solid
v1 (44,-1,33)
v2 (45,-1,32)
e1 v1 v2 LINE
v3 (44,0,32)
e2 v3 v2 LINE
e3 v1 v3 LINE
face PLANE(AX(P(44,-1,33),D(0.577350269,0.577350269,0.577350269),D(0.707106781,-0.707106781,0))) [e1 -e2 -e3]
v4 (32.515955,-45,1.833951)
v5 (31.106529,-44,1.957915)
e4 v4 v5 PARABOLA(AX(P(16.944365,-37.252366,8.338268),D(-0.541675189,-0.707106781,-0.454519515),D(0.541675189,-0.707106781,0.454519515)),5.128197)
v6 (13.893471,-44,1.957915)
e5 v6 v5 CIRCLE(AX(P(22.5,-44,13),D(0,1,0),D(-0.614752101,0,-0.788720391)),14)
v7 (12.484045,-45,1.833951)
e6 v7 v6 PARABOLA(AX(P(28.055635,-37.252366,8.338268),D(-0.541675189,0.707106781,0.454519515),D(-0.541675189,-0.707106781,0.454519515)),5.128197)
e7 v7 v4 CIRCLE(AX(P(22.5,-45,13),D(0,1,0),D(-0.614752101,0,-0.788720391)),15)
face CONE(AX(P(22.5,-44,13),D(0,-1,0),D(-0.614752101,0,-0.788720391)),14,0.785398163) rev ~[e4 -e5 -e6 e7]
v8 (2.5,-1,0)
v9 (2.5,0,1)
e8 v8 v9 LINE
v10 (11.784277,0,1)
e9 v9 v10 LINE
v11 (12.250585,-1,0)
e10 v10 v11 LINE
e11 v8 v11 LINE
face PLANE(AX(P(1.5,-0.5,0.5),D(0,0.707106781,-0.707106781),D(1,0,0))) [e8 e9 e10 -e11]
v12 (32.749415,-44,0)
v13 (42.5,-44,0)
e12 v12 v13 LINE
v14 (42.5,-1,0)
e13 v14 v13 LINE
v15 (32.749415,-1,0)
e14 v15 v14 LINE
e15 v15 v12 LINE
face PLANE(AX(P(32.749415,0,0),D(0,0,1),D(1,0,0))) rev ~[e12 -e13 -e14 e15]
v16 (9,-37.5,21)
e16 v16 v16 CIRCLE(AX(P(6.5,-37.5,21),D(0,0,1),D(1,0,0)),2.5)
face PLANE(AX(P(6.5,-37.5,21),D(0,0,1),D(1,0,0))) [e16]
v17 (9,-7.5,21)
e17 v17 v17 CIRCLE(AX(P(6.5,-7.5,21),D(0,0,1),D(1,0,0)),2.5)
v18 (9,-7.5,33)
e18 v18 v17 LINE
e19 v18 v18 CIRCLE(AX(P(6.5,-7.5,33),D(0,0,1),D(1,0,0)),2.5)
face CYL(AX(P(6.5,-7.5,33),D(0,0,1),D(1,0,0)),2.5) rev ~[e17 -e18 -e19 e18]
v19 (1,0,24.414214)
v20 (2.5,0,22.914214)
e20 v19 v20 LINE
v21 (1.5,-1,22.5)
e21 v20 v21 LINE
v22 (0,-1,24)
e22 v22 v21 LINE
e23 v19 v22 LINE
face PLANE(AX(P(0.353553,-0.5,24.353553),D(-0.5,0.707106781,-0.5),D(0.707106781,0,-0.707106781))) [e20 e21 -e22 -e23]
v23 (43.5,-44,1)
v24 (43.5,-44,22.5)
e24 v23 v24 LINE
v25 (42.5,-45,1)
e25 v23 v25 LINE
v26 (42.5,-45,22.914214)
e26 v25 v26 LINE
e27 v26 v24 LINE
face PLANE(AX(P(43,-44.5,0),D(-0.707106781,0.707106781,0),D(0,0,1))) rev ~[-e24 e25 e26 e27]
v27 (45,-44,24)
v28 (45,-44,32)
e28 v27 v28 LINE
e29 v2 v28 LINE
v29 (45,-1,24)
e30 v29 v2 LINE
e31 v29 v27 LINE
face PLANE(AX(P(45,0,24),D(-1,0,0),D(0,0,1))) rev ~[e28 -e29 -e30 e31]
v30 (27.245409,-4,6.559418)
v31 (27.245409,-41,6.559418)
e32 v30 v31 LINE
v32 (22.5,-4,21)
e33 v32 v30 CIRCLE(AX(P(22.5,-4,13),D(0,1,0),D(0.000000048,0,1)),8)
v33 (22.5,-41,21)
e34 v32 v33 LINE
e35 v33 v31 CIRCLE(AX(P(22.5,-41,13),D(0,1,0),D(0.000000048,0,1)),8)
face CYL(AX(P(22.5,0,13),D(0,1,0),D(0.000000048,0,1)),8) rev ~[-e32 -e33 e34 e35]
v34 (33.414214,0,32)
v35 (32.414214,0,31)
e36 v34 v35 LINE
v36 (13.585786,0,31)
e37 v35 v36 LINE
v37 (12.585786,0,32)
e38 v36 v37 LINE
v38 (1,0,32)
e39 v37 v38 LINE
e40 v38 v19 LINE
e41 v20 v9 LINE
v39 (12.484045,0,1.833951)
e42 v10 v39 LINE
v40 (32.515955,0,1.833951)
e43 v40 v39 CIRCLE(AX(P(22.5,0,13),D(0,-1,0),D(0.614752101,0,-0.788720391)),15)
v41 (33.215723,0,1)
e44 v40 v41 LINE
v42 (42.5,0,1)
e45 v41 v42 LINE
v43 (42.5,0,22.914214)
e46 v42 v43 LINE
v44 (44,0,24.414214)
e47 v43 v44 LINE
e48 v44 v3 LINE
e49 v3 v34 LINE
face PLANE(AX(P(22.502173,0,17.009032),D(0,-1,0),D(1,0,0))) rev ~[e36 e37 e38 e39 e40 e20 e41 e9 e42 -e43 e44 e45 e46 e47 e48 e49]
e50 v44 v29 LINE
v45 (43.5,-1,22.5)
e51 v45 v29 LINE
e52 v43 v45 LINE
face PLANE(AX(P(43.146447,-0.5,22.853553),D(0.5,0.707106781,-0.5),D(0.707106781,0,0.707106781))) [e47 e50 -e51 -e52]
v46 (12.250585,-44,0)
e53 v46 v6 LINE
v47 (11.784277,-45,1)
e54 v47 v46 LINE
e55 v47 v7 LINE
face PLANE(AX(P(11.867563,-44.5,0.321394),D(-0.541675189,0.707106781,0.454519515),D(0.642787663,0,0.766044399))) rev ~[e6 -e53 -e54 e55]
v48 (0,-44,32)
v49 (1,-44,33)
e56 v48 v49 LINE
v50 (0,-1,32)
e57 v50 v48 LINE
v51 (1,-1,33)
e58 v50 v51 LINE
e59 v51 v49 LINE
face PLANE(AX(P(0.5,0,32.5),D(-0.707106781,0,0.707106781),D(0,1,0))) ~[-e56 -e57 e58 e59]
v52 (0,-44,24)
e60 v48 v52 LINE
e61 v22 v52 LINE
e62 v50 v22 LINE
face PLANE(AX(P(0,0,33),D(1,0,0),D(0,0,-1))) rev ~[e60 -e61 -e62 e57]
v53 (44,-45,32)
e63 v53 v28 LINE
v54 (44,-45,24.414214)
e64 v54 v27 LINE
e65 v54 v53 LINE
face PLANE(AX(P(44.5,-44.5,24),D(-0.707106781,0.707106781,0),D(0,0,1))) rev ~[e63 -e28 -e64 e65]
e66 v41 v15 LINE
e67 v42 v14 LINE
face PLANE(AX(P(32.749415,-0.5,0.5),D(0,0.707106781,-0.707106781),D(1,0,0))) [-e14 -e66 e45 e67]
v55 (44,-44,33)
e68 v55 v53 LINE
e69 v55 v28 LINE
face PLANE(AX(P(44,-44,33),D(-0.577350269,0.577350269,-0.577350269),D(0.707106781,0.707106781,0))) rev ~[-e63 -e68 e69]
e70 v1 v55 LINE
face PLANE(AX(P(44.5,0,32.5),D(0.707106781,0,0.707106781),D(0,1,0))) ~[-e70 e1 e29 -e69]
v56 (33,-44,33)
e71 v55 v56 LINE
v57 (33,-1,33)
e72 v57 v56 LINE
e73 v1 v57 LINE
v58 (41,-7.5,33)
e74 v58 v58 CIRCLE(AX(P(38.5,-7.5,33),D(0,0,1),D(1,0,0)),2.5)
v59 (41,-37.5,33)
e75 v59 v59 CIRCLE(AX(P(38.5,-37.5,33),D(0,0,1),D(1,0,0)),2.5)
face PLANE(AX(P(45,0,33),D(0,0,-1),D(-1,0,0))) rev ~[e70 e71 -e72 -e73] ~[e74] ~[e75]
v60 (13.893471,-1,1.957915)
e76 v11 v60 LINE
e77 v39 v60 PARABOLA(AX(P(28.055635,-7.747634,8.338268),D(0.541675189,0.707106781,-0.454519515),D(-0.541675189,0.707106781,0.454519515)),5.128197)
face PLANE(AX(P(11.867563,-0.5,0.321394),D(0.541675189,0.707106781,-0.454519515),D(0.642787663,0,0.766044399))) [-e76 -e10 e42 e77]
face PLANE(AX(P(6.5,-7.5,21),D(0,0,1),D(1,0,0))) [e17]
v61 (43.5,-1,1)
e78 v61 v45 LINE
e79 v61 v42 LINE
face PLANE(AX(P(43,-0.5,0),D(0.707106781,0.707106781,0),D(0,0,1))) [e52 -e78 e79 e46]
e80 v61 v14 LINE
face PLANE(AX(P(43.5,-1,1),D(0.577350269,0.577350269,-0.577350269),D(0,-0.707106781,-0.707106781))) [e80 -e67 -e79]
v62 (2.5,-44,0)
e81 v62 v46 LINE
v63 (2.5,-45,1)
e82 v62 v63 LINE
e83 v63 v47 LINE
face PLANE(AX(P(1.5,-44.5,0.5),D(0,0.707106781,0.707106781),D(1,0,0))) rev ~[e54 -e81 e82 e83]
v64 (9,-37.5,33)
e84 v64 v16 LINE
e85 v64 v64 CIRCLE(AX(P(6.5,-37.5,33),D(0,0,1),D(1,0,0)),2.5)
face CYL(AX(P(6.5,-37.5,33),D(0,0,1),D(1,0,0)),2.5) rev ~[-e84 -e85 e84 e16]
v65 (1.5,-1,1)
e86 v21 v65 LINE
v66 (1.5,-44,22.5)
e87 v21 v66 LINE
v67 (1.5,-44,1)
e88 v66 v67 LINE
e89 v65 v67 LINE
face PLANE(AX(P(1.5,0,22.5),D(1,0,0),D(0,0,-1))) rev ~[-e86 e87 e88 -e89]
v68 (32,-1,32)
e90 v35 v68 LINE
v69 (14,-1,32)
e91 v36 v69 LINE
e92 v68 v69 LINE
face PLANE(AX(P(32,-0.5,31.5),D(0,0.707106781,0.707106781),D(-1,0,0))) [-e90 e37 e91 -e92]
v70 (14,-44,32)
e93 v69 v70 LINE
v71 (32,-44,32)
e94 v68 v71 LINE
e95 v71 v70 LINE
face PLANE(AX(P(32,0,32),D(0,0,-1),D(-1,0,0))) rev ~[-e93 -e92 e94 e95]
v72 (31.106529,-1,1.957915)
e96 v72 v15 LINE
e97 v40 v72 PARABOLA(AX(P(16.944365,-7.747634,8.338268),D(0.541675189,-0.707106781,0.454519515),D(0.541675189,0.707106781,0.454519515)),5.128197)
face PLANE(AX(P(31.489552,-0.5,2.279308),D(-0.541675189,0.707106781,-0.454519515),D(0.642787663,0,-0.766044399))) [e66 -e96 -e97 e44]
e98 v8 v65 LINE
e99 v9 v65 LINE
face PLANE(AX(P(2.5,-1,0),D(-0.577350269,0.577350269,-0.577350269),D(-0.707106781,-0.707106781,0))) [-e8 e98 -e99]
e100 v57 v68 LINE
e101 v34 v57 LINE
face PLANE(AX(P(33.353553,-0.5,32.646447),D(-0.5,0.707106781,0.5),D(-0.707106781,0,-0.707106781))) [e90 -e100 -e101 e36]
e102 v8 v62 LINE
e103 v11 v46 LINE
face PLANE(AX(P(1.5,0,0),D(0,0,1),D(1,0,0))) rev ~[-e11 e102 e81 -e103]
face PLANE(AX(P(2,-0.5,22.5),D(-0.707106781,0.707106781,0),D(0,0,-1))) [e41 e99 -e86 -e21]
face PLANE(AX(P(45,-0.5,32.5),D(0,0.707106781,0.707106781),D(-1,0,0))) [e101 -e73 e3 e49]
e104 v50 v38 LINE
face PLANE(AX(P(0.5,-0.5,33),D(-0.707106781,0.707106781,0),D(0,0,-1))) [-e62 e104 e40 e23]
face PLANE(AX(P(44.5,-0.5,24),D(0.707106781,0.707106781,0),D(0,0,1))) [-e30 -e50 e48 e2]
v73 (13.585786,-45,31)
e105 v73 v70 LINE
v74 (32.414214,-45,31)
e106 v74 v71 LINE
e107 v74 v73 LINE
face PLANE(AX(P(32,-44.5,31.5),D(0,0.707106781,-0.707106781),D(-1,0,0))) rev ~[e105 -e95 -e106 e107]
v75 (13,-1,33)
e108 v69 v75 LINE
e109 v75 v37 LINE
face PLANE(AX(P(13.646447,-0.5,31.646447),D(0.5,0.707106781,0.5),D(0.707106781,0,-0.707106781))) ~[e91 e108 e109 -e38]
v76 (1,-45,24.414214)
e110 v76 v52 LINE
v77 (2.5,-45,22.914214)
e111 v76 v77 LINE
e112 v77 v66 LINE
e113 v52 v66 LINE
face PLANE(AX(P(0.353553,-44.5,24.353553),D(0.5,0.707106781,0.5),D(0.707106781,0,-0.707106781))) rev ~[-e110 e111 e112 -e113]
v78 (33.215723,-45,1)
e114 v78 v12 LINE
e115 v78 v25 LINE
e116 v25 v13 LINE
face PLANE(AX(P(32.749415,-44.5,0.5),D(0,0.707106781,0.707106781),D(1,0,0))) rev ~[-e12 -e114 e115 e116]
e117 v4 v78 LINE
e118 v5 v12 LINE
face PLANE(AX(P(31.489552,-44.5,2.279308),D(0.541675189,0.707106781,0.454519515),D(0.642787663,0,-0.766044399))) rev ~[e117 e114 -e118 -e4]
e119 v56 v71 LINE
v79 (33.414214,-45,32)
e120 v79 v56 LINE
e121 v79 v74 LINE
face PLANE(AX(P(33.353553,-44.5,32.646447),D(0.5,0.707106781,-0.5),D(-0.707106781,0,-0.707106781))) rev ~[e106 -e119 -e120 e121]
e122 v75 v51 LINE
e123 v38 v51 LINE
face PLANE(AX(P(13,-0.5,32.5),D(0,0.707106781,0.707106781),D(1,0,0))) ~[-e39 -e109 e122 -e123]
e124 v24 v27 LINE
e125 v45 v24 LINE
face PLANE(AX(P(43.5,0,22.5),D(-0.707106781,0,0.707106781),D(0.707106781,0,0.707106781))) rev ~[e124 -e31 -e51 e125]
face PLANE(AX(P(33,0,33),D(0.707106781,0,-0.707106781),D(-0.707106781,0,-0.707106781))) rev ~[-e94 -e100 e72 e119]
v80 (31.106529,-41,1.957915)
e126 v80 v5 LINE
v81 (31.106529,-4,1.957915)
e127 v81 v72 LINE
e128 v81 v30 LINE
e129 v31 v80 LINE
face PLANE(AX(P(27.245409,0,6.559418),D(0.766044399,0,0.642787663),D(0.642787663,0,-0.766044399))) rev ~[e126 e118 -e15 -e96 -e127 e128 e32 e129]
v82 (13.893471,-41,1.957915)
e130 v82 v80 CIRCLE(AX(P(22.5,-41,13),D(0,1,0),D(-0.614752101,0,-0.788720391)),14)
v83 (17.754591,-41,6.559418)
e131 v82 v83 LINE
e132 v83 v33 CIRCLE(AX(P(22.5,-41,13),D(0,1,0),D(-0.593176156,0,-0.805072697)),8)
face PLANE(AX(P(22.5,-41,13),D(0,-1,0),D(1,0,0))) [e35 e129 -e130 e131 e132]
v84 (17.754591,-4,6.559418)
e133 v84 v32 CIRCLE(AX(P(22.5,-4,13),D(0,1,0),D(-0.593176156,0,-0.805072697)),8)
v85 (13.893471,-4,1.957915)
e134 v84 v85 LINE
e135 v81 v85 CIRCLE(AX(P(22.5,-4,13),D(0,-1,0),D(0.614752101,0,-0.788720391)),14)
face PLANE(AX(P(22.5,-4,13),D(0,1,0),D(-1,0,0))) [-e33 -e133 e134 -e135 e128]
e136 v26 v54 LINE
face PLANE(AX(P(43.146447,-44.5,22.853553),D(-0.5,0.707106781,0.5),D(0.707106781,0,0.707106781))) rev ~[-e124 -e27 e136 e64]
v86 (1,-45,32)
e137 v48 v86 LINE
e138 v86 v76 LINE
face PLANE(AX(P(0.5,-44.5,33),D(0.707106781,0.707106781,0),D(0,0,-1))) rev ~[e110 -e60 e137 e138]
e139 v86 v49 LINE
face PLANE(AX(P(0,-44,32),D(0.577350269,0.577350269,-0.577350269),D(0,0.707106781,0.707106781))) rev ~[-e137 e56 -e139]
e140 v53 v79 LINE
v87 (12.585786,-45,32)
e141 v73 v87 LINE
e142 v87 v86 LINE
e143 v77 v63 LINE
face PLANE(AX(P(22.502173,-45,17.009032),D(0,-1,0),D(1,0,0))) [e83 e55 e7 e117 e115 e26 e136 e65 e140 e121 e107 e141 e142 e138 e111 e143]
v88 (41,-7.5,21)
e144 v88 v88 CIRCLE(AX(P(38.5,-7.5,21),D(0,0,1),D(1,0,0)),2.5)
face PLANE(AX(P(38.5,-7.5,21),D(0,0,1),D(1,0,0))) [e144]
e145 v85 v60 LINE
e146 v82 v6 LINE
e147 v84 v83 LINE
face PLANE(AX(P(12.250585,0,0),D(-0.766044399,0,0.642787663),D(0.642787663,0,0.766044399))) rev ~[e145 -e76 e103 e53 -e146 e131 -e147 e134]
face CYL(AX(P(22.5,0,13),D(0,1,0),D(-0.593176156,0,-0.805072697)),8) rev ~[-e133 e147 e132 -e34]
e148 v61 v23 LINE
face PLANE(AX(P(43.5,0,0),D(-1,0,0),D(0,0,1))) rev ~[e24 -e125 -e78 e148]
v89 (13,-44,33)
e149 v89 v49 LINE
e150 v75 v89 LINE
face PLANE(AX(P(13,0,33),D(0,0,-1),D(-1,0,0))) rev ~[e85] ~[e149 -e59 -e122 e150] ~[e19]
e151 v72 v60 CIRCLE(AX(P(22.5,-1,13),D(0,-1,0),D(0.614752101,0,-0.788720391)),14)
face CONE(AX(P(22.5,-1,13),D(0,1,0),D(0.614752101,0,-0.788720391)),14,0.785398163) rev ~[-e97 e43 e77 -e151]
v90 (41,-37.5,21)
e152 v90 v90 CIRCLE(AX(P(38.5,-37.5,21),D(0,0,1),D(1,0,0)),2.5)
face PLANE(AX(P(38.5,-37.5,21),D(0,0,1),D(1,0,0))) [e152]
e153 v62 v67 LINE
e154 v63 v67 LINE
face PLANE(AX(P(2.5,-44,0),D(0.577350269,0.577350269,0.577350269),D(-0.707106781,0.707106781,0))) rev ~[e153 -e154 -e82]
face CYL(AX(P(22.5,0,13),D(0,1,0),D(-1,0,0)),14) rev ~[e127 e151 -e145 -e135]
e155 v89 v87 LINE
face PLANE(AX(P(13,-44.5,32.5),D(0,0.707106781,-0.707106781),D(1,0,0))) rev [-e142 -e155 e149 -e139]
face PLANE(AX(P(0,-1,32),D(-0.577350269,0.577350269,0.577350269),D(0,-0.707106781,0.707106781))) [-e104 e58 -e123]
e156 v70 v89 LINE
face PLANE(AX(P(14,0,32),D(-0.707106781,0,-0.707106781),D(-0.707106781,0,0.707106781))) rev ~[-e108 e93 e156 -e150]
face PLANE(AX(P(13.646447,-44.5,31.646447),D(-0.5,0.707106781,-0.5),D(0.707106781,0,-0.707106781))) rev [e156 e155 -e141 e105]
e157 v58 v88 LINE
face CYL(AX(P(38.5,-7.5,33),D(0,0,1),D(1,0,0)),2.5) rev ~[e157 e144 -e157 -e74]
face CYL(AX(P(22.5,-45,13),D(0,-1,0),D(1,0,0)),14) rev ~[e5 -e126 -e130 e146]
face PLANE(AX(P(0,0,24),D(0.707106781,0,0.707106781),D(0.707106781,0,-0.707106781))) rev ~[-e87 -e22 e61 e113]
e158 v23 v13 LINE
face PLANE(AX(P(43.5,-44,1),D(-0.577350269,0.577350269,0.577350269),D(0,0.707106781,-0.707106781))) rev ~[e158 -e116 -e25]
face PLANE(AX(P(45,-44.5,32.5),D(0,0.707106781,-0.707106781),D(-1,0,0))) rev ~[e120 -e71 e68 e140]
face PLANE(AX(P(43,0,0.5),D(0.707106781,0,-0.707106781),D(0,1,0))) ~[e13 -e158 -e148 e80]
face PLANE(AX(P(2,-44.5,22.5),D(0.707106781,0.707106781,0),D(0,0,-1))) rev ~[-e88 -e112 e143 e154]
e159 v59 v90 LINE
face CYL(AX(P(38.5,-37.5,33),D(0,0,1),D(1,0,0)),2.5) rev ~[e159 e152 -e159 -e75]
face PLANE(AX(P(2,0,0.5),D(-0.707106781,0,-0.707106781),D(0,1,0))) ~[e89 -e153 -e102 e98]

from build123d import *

# Parameters (mm, degrees)
F1_DEPTH = 45
F2_R     = 14
F3_DEPTH = 4
F4_R     = 14
F5_DEPTH = 4
F6_R     = 2.5
F7_DEPTH = 12
F8_SIZE  = 1


with BuildPart() as f1:
    # F0 (on Front) → F1 (new body)
    with BuildSketch(Plane.XZ):
        with BuildLine():
            Line((13, 33), (0, 33))
            Line((0, 33), (0, 24))
            Line((0, 24), (1.5, 22.5))
            Line((1.5, 22.5), (1.5, 0))
            Line((1.5, 0), (12.250585, 0))
            Line((12.250585, 0), (17.754591, 6.559418))
            ThreePointArc((17.754591, 6.559418), (14.899847, 15.497533), (22.5, 21))
            ThreePointArc((22.5, 21), (30.100153, 15.497533), (27.245409, 6.559418))
            Line((27.245409, 6.559418), (32.749415, 0))
            Line((32.749415, 0), (43.5, 0))
            Line((43.5, 0), (43.5, 22.5))
            Line((43.5, 22.5), (45, 24))
            Line((45, 24), (45, 33))
            Line((45, 33), (33, 33))
            Line((33, 33), (32, 32))
            Line((32, 32), (14, 32))
            Line((14, 32), (13, 33))
        make_face()
    extrude(amount=F1_DEPTH)

    # F2 (on face) → F3 (cut)
    with BuildSketch(Plane.XZ.offset(45)):
        with Locations((22.5, 13)):
            Circle(F2_R)
    extrude(amount=-F3_DEPTH, mode=Mode.SUBTRACT)

    # F4 (on face) → F5 (cut)
    with BuildSketch(Plane(origin=(0, 0, 0), x_dir=(-1, 0, 0), z_dir=(0, 1, 0))):
        with Locations((-22.5, 13)):
            Circle(F4_R)
    extrude(amount=-F5_DEPTH, mode=Mode.SUBTRACT)

    # F6 (on face) → F7 (cut)
    with BuildSketch(Plane.XY.offset(33)):
        with Locations((6.5, -37.5)):
            Circle(F6_R)
        with Locations((38.5, -37.5)):
            Circle(F6_R)
        with Locations((6.5, -7.5)):
            Circle(F6_R)
        with Locations((38.5, -7.5)):
            Circle(F6_R)
    extrude(amount=-F7_DEPTH, mode=Mode.SUBTRACT)

    # F8
    f8_edges = [f1.edges().sort_by_distance(p)[0] for p in [
        (22.5, 0, 27),
        (31.927972, 0, 0.978957),
        (38.124707, 0, 0),
        (43.5, 0, 11.25),
        (44.25, 0, 23.25),
        (45, 0, 28.5),
        (39, 0, 33),
        (32.5, 0, 32.5),
        (23, 0, 32),
        (13.5, 0, 32.5),
        (6.5, 0, 33),
        (0, 0, 28.5),
        (0.75, 0, 23.25),
        (1.5, 0, 11.25),
        (6.875293, 0, 0),
        (13.072028, 0, 0.978957),
        (22.5, -45, 27),
        (31.927972, -45, 0.978957),
        (38.124707, -45, 0),
        (43.5, -45, 11.25),
        (44.25, -45, 23.25),
        (45, -45, 28.5),
        (39, -45, 33),
        (32.5, -45, 32.5),
        (23, -45, 32),
        (13.5, -45, 32.5),
        (6.5, -45, 33),
        (0, -45, 28.5),
        (0.75, -45, 23.25),
        (1.5, -45, 11.25),
        (6.875293, -45, 0),
        (13.072028, -45, 0.978957),
        (45, -22.5, 33),
        (0, -22.5, 33),
        (1.5, -22.5, 0),
        (43.5, -22.5, 0),
    ]]
    chamfer(f8_edges, length=F8_SIZE)


solid = f1.part
